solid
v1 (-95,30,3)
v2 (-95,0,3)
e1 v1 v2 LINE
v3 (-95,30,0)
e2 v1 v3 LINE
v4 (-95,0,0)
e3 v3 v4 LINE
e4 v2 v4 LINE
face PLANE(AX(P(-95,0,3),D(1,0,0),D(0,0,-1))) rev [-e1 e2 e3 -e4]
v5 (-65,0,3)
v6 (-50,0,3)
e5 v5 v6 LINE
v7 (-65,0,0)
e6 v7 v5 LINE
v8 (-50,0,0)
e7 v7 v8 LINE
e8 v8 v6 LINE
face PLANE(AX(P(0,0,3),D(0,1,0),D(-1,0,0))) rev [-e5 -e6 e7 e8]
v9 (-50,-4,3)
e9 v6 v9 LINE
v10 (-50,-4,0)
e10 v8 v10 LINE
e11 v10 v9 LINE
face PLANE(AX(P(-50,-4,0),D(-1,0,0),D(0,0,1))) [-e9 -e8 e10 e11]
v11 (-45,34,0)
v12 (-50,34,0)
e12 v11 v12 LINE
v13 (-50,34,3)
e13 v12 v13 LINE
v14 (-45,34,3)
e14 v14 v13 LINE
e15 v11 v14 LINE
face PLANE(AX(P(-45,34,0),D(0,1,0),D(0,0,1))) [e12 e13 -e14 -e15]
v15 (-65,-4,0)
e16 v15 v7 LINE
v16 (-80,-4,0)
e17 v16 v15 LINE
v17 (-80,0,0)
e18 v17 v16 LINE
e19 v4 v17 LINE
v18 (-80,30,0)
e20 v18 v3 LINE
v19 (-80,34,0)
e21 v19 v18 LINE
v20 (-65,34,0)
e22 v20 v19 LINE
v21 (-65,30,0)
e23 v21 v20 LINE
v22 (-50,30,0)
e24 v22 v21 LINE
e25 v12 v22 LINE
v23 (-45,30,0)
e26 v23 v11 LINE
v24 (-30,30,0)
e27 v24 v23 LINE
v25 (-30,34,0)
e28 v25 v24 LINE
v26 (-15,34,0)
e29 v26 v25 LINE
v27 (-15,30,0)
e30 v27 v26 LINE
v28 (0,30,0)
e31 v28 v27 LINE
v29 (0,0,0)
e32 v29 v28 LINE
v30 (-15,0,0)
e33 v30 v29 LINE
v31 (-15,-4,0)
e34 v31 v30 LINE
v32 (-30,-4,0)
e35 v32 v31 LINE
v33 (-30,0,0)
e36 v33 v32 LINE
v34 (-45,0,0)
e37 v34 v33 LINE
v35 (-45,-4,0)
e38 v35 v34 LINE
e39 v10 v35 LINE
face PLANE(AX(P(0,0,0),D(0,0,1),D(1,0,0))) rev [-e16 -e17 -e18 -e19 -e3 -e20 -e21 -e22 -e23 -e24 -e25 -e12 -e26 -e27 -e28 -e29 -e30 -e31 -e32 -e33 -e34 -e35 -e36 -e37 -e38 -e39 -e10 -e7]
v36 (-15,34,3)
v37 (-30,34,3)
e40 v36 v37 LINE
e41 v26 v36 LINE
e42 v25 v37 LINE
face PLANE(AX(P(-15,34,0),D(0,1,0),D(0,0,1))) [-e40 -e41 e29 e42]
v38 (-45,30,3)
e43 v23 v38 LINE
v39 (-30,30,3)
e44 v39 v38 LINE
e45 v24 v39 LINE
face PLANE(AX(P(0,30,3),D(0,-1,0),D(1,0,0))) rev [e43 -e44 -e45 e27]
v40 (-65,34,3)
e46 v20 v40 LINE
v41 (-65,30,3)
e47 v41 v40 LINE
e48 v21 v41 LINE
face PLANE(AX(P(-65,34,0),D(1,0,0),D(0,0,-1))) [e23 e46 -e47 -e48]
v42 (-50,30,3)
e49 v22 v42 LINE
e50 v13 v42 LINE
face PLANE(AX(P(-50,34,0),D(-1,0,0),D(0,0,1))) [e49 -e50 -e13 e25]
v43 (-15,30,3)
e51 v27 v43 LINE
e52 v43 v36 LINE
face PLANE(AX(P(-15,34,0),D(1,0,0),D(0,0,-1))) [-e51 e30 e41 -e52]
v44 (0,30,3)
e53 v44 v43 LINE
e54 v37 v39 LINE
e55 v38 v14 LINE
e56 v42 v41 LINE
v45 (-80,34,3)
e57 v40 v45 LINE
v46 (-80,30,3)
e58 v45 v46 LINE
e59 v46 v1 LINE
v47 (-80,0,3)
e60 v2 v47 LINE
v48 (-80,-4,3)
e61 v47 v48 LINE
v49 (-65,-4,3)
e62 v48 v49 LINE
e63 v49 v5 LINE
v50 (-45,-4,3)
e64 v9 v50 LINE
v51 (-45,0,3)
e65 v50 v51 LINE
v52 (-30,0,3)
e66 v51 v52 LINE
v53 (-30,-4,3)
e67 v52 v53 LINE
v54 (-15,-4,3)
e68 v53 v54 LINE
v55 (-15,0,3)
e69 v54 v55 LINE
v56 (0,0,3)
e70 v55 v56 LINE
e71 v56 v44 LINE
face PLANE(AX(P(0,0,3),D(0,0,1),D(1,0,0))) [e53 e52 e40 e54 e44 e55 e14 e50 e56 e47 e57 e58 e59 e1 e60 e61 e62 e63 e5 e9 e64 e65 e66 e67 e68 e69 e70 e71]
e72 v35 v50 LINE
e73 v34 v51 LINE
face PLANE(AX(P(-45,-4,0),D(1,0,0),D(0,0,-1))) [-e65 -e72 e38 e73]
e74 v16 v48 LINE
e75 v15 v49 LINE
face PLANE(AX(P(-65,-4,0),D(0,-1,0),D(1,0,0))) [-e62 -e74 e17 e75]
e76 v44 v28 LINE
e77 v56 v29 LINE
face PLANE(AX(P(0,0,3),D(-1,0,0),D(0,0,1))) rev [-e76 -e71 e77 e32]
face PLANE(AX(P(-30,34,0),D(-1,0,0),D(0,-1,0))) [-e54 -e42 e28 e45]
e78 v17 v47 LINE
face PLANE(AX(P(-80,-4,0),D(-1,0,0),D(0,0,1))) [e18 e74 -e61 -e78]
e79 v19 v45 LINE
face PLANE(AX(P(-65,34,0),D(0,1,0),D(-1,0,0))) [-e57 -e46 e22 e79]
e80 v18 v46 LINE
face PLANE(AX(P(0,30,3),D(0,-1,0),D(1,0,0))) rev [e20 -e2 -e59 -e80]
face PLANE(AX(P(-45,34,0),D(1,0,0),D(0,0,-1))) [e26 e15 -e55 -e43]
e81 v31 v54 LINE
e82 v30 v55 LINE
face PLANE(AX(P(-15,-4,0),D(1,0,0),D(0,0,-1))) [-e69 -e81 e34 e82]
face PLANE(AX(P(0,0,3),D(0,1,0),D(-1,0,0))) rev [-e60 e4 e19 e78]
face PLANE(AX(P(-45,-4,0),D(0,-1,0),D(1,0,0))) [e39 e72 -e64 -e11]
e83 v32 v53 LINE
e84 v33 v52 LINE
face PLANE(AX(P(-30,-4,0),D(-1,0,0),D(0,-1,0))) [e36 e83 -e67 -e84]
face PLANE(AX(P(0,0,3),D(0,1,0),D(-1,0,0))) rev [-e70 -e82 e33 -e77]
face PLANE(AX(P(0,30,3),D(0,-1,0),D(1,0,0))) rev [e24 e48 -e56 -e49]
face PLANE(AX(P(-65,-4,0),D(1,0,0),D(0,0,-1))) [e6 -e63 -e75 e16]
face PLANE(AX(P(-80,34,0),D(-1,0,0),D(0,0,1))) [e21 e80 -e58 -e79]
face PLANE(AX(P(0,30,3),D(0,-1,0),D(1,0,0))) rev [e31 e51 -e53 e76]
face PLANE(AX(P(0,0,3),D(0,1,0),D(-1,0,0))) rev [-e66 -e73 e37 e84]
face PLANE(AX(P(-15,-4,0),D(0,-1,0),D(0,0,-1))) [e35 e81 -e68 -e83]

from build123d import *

# Parameters (mm, degrees)
SKETCH1_W           = 95
SKETCH1_H           = 30
BOSS_EXTRUDE1_DEPTH = 3
SKETCH3_W           = 15
SKETCH3_H           = 4
SKETCH3_W_2         = 5
BOSS_EXTRUDE2_DEPTH = 3


with BuildPart() as part:
    # Sketch1 → Boss-Extrude1 (new body)
    with BuildSketch(Plane.XY):
        with Locations((-47.5, 15)):
            Rectangle(SKETCH1_W, SKETCH1_H)
    extrude(amount=BOSS_EXTRUDE1_DEPTH)

    # Sketch3 → Boss-Extrude2 (add)
    with BuildSketch(Plane.XY.offset(3)):
        with Locations((-22.5, 32)):
            Rectangle(SKETCH3_W, SKETCH3_H)
        with Locations((-72.5, 32)):
            Rectangle(SKETCH3_W, SKETCH3_H)
        with Locations((-47.5, 32)):
            Rectangle(SKETCH3_W_2, SKETCH3_H)
        with Locations((-22.5, -2)):
            Rectangle(SKETCH3_W, SKETCH3_H)
        with Locations((-47.5, -2)):
            Rectangle(SKETCH3_W_2, SKETCH3_H)
        with Locations((-72.5, -2)):
            Rectangle(SKETCH3_W, SKETCH3_H)
    extrude(amount=-BOSS_EXTRUDE2_DEPTH)


solid = part.part
